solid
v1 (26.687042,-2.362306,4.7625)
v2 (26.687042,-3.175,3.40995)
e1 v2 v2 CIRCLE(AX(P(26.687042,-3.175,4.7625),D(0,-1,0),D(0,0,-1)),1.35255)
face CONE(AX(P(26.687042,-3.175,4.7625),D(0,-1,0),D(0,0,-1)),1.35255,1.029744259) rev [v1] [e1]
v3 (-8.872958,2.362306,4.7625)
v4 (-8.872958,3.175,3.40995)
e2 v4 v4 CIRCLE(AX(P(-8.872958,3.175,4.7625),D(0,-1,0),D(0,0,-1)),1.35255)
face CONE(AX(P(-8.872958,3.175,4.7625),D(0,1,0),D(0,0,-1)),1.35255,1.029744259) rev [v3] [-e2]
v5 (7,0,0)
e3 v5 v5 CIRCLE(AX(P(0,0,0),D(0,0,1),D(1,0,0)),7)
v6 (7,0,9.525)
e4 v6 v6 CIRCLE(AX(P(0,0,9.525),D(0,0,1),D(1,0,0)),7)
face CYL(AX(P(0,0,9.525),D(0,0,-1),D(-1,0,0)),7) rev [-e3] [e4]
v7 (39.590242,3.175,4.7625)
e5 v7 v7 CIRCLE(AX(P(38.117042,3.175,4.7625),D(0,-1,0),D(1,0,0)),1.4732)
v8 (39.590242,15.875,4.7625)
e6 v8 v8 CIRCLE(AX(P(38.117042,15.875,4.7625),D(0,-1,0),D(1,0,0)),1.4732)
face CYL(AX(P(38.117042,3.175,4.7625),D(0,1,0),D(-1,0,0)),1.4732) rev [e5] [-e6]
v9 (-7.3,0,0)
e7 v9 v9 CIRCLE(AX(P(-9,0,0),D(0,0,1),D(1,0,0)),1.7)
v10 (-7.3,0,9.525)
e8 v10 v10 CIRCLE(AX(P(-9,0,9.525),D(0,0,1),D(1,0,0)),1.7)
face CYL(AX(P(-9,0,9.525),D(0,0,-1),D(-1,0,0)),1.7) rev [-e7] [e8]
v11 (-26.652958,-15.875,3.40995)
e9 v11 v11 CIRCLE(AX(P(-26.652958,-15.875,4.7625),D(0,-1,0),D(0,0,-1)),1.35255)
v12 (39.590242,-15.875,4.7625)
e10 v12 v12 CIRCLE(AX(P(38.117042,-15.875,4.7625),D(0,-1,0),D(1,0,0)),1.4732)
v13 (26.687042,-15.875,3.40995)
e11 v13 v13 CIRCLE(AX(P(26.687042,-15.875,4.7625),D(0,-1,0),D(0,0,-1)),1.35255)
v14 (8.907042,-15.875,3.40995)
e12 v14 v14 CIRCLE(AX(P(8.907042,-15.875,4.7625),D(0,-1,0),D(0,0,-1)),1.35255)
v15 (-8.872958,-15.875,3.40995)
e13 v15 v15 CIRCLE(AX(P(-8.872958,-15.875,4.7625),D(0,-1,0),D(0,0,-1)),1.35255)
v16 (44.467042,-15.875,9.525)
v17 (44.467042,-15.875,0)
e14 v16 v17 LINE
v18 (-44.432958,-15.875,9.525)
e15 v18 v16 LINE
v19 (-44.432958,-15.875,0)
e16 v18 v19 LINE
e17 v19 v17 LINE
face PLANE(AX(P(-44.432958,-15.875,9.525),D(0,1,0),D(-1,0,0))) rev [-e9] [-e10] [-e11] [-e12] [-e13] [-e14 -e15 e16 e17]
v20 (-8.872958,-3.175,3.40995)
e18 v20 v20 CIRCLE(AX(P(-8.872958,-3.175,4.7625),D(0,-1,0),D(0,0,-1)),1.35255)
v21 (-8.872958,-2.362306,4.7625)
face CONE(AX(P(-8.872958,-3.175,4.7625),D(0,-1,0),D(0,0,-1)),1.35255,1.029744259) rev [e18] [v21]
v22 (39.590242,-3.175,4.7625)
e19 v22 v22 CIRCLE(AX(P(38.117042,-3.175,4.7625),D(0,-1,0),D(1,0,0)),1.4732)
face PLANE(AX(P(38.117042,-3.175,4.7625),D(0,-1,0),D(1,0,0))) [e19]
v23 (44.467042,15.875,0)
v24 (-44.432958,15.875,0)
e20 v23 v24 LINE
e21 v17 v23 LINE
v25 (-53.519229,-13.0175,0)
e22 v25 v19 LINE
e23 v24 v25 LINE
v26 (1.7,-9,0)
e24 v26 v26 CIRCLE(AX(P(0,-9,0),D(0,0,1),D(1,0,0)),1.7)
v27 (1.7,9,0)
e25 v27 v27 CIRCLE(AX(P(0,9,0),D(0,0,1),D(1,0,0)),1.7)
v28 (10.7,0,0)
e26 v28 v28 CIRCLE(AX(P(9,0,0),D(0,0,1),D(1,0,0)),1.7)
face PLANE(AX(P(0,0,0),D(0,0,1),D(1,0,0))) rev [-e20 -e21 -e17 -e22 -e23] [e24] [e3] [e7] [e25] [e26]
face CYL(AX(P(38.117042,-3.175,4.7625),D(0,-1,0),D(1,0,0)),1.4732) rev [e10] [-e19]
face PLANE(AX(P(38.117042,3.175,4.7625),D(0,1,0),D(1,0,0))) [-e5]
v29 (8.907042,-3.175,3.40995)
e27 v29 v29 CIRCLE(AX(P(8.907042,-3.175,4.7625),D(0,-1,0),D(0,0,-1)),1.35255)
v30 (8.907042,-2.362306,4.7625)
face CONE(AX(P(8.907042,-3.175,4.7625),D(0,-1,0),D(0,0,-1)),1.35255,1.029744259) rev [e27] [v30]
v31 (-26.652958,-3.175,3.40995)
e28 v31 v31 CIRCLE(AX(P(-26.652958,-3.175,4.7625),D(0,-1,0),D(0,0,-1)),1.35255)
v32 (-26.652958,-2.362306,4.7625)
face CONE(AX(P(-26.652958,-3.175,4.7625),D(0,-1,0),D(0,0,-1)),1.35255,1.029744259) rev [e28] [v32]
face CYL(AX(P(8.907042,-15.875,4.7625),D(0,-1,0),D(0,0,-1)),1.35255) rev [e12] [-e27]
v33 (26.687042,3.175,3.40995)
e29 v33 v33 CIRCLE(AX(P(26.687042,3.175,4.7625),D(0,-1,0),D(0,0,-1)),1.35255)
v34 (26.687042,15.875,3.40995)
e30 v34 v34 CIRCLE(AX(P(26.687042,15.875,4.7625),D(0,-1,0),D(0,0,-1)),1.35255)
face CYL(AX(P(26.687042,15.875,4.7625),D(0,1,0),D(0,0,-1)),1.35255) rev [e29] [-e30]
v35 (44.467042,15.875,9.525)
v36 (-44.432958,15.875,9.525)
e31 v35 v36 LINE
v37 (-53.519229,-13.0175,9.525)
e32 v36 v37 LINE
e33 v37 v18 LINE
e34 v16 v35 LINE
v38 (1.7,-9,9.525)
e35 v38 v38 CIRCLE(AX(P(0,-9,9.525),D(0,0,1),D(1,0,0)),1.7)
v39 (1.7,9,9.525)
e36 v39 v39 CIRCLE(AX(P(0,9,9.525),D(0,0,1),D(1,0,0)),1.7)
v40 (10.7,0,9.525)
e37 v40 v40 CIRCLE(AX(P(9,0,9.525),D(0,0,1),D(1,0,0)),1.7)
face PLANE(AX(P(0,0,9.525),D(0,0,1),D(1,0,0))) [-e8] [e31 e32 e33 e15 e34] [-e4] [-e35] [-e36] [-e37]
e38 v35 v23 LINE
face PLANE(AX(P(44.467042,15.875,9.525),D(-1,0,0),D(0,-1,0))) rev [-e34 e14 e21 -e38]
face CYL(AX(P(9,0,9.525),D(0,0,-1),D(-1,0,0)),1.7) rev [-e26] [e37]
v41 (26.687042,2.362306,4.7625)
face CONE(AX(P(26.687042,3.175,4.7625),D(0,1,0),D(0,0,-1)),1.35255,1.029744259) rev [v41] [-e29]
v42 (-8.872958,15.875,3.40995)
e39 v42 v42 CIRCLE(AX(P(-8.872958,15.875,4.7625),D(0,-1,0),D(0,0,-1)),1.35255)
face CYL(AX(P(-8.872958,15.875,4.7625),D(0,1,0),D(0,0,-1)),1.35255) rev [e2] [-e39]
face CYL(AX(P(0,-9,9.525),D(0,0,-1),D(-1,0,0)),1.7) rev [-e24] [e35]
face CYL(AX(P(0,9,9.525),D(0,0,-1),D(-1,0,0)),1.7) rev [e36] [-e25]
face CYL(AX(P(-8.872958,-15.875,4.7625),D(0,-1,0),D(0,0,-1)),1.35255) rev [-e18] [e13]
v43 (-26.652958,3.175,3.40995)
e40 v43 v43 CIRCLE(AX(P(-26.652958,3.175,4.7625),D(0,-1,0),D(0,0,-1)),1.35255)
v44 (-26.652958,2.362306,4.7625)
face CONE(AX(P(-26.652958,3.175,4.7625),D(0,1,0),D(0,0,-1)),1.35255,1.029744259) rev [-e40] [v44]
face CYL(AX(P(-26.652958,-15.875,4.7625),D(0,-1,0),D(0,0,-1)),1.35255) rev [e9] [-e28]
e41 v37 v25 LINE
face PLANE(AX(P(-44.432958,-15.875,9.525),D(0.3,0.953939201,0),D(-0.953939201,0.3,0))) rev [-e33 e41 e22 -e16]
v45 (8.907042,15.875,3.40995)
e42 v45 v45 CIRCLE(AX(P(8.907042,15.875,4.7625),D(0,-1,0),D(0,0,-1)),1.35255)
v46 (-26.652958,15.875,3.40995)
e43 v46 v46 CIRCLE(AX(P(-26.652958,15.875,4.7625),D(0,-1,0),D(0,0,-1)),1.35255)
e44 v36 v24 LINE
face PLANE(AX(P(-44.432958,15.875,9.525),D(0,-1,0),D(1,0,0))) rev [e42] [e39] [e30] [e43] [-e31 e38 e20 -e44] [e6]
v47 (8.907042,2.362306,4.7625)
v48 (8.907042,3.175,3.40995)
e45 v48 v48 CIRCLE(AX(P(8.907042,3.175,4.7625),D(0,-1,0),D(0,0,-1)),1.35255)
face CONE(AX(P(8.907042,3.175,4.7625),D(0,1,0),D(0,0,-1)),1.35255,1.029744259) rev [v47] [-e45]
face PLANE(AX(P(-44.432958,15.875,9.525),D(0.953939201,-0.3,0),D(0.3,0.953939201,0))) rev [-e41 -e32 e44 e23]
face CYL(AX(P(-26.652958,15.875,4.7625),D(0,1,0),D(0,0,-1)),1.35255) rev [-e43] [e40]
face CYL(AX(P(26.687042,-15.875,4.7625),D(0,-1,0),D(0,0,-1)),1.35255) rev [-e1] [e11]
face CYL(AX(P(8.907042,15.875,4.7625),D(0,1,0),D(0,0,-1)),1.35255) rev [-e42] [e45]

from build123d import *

# Parameters (mm, degrees)
SKETCH1_R           = 1.7
SKETCH1_R_2         = 7
BOSS_EXTRUDE1_DEPTH = 9.525
LPATTERN1_COUNT     = 4
LPATTERN1_PITCH     = 17.78
SKETCH13_R          = 1.4732
CUT_EXTRUDE1_DEPTH  = 12.7


with BuildPart() as part:
    # Sketch1 → Boss-Extrude1 (new body)
    with BuildSketch(Plane.XY):
        Polygon((-44.432958233, 15.875), (44.467041767, 15.875), (44.467041767, -15.875), (-44.432958233, -15.875), (-53.519229126, -13.0175), align=None)
        with Locations((0, -9)):
            Circle(SKETCH1_R, mode=Mode.SUBTRACT)
        with Locations((-9, 0)):
            Circle(SKETCH1_R, mode=Mode.SUBTRACT)
        with Locations((0, 9)):
            Circle(SKETCH1_R, mode=Mode.SUBTRACT)
        with Locations((9, 0)):
            Circle(SKETCH1_R, mode=Mode.SUBTRACT)
        Circle(SKETCH1_R_2, mode=Mode.SUBTRACT)
    extrude(amount=BOSS_EXTRUDE1_DEPTH)

    # Sketch12 → Tap Drill for #6-32 Tap1 (revolve, cut)
    with BuildSketch(Plane(origin=(26.687041767, -15.875, 4.7625), x_dir=(0, 0, -1), z_dir=(1, 0, 0))):
        Polygon((0, 0), (0, 13.51269403), (1.35255, 12.7), (1.35255, 0), align=None)
    tap_drill_for_6_32_tap1 = revolve(axis=Axis((26.687041767, -22.225, 4.7625), (0, 1, 0)), mode=Mode.SUBTRACT)

    # LPattern1: Tap Drill for #6-32 Tap1 ×4
    with Locations(*[(-i * LPATTERN1_PITCH, 0, 0) for i in range(1, LPATTERN1_COUNT)]):
        add(tap_drill_for_6_32_tap1, mode=Mode.SUBTRACT)

    # Mirror8: Tap Drill for #6-32 Tap1 across plane
    add(tap_drill_for_6_32_tap1.mirror(Plane.ZX), mode=Mode.SUBTRACT)

    # Mirror8 copy 1 sketch → Mirror8 copy 1 (revolve, cut)
    with BuildSketch(Plane(origin=(8.907041767, 15.875, 4.7625), x_dir=(0, 0, -1), z_dir=(1, 0, 0))):
        Polygon((0, 0), (0, -13.51269403), (1.35255, -12.7), (1.35255, 0), align=None)
    revolve(axis=Axis((8.907041767, 22.225, 4.7625), (0, 1, 0)), mode=Mode.SUBTRACT)

    # Mirror8 copy 2 sketch → Mirror8 copy 2 (revolve, cut)
    with BuildSketch(Plane(origin=(-8.872958233, 15.875, 4.7625), x_dir=(0, 0, -1), z_dir=(1, 0, 0))):
        Polygon((0, 0), (0, -13.51269403), (1.35255, -12.7), (1.35255, 0), align=None)
    revolve(axis=Axis((-8.872958233, 22.225, 4.7625), (0, 1, 0)), mode=Mode.SUBTRACT)

    # Mirror8 copy 3 sketch → Mirror8 copy 3 (revolve, cut)
    with BuildSketch(Plane(origin=(-26.652958233, 15.875, 4.7625), x_dir=(0, 0, -1), z_dir=(1, 0, 0))):
        Polygon((0, 0), (0, -13.51269403), (1.35255, -12.7), (1.35255, 0), align=None)
    revolve(axis=Axis((-26.652958233, 22.225, 4.7625), (0, 1, 0)), mode=Mode.SUBTRACT)

    # Sketch13 → Cut-Extrude1 (cut)
    with BuildSketch(Plane.XZ.offset(15.875)):
        with Locations((38.117041767, 4.7625)):
            Circle(SKETCH13_R)
    cut_extrude1 = extrude(amount=-CUT_EXTRUDE1_DEPTH, mode=Mode.SUBTRACT)

    # Mirror9: Cut-Extrude1 across plane
    add(cut_extrude1.mirror(Plane.ZX), mode=Mode.SUBTRACT)


solid = part.part
